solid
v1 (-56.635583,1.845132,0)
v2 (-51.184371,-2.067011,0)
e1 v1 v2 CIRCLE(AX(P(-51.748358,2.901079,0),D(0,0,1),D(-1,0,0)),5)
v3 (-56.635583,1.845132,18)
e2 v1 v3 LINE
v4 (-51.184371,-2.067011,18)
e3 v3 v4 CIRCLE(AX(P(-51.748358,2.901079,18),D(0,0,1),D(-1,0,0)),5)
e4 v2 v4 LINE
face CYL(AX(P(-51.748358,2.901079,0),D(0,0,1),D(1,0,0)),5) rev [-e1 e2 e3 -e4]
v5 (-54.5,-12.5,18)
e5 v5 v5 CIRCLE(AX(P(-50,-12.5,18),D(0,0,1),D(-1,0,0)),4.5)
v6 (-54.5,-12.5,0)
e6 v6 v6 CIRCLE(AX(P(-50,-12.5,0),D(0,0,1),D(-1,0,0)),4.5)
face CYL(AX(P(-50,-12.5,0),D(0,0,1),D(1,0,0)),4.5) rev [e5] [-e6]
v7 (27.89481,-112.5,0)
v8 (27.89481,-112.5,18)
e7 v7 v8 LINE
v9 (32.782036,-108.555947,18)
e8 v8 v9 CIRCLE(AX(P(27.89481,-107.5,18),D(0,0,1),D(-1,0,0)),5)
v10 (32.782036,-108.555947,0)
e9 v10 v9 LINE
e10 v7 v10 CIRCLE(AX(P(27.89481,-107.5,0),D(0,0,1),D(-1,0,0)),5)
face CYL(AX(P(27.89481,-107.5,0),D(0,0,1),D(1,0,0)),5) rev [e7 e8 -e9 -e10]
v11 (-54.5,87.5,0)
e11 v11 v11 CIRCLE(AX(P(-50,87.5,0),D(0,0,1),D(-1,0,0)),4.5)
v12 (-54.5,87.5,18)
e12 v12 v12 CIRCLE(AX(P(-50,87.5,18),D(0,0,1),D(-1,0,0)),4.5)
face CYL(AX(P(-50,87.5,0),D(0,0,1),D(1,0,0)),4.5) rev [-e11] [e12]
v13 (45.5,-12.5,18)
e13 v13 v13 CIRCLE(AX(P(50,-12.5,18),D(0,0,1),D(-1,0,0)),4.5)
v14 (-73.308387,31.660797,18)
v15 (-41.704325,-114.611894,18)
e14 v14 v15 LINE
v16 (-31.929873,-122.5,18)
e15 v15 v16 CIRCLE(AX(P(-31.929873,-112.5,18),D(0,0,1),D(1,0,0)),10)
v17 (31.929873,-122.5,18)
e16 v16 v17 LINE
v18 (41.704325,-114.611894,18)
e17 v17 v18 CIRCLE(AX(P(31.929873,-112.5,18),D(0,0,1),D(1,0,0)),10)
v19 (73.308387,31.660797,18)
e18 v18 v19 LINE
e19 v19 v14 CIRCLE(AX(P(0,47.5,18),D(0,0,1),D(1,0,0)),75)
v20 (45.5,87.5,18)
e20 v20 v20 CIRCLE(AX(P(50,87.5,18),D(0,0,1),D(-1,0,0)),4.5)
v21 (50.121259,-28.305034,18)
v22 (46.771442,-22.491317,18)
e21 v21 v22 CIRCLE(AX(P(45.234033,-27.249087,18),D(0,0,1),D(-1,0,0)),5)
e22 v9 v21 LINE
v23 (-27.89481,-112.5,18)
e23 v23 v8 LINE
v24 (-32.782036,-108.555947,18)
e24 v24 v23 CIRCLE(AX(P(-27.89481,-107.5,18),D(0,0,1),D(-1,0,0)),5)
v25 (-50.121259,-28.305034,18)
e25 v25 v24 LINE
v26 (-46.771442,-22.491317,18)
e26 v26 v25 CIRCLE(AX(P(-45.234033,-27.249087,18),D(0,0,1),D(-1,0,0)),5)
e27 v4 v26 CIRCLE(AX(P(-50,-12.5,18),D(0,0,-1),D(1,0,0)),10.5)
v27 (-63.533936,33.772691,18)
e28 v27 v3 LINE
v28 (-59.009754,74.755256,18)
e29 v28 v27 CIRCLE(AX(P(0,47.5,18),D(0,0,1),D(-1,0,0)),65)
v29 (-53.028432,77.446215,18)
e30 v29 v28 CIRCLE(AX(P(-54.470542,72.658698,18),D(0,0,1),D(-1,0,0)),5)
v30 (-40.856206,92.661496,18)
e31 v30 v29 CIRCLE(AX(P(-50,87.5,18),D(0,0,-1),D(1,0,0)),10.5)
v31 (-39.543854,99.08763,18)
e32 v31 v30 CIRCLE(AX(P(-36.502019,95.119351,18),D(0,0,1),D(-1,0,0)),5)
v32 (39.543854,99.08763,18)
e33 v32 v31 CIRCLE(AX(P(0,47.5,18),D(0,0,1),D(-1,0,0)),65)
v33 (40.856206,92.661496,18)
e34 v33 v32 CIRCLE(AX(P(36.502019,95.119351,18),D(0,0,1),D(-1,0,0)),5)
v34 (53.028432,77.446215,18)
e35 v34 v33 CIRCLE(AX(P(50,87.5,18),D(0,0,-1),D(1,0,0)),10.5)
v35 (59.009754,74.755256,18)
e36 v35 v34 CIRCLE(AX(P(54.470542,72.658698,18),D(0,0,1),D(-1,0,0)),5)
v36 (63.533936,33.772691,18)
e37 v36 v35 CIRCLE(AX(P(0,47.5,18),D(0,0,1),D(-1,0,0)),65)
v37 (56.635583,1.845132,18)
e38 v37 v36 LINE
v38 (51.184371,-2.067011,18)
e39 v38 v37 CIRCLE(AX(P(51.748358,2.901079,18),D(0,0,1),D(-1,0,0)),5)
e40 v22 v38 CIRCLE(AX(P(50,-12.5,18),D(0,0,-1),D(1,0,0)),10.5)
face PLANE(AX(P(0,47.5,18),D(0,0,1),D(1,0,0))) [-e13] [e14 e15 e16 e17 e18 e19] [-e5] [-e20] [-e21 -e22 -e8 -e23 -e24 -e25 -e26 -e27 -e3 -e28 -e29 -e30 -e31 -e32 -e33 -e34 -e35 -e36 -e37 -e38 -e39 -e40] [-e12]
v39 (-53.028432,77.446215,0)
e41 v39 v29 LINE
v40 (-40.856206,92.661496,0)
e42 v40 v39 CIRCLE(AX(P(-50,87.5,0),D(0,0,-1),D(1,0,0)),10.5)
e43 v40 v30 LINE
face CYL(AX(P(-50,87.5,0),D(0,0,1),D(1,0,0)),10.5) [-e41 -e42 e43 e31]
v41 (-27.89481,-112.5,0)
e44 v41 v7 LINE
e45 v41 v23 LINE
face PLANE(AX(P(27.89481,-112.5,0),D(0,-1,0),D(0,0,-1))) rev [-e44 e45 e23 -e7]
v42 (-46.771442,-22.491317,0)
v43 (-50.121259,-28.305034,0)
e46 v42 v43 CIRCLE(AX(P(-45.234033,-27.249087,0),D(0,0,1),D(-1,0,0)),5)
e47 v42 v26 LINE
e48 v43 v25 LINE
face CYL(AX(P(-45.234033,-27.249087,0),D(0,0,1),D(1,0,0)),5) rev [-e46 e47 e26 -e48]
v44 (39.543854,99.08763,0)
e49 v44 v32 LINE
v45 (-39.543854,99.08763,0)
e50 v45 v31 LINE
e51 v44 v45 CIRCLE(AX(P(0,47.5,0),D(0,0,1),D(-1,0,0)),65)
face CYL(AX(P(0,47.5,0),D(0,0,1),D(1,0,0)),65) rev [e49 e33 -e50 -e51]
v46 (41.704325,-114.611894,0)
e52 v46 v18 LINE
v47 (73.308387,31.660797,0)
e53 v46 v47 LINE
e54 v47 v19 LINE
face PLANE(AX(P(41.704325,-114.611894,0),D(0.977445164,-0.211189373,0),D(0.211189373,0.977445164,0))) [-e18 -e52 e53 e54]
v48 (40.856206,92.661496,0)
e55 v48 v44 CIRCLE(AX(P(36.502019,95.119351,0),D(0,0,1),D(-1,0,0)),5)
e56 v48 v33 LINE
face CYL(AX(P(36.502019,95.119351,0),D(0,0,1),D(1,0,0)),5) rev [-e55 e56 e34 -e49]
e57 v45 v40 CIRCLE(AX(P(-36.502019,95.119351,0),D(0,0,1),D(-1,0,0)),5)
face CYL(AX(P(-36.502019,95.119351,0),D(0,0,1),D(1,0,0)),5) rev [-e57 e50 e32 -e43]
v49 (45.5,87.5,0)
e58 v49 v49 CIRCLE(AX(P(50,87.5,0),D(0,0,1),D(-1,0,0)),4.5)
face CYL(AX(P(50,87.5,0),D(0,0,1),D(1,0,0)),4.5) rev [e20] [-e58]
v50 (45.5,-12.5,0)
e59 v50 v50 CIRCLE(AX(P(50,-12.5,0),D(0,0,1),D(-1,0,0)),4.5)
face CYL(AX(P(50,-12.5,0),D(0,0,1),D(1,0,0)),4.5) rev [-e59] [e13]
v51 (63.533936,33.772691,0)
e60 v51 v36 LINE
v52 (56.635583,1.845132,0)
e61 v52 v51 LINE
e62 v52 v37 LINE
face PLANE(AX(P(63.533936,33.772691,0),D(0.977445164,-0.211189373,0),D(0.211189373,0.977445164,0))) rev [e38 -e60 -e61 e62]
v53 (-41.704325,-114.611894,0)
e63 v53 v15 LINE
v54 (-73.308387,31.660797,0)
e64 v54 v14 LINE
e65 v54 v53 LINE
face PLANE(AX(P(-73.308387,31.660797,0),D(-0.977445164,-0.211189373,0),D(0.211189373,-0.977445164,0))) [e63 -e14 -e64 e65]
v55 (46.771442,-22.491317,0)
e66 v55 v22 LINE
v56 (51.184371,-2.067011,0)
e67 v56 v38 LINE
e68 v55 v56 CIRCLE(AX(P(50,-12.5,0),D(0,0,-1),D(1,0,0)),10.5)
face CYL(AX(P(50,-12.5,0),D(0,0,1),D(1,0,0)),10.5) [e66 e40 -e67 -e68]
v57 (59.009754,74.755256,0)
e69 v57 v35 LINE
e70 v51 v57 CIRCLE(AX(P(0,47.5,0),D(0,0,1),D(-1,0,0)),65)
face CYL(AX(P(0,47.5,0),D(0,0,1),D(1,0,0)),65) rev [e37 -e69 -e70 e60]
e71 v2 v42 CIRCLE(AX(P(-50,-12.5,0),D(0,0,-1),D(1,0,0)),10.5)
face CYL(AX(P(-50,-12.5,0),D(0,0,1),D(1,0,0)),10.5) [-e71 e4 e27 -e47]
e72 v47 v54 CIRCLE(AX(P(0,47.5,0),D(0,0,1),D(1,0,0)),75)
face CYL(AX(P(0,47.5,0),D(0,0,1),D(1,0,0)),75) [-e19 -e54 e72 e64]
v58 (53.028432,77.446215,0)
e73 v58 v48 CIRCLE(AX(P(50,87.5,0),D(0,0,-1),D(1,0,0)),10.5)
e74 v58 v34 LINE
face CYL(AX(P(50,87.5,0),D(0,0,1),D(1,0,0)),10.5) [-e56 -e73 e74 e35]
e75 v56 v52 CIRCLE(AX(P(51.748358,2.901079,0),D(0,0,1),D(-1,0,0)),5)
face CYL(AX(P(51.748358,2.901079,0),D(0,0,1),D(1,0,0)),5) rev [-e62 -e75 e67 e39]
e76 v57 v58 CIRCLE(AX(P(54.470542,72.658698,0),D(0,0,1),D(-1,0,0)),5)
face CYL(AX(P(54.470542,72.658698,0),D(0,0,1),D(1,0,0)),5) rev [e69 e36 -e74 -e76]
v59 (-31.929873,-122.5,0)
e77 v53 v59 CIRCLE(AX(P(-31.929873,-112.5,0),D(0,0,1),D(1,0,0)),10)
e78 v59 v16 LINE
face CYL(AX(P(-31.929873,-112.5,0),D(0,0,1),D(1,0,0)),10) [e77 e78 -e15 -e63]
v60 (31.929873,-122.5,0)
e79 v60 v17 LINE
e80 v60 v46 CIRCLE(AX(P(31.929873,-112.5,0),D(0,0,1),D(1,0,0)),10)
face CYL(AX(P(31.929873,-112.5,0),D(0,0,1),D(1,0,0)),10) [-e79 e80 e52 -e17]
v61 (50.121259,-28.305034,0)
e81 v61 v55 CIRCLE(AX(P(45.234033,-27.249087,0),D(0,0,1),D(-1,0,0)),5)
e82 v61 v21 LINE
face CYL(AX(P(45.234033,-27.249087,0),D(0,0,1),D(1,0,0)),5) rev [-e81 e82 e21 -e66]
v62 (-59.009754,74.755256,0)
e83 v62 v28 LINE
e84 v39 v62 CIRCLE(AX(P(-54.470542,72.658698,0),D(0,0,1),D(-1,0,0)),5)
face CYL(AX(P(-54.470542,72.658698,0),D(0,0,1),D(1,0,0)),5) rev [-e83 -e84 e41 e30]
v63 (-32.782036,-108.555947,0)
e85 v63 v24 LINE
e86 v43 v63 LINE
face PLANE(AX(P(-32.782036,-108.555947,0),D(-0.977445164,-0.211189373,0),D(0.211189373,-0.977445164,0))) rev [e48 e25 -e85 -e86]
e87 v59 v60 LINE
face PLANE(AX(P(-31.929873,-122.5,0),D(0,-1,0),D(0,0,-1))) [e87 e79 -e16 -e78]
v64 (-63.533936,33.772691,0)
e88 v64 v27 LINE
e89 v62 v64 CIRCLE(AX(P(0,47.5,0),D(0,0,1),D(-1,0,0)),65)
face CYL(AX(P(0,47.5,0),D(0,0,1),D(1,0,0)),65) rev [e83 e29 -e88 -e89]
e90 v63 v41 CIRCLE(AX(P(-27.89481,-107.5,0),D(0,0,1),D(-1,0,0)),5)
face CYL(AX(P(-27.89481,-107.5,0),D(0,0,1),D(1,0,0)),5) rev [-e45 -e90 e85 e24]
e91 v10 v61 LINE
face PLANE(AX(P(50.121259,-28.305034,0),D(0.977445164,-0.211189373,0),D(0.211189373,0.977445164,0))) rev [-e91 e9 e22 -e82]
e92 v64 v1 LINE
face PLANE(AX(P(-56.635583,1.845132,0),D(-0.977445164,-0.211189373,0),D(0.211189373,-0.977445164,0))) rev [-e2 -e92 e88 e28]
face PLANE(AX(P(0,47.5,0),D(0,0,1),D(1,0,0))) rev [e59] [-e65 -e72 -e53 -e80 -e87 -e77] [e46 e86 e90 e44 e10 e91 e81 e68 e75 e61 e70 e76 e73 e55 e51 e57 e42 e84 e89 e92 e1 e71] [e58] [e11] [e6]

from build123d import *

# Parameters (mm, degrees)
SKETCH1_R           = 4.5
BOSS_EXTRUDE1_DEPTH = 18


with BuildPart() as part:
    # Sketch1 → Boss-Extrude1 (new body)
    with BuildSketch(Plane.XY.offset(18)):
        with BuildLine():
            Line((-73.308387301, 31.660797012), (-41.704324989, -114.611893732))
            ThreePointArc((-41.704324989, -114.611893732), (-38.210043039, -120.281996444), (-31.929873349, -122.5))
            Line((-31.929873349, -122.5), (31.929873349, -122.5))
            ThreePointArc((31.929873349, -122.5), (38.210043039, -120.281996444), (41.704324989, -114.611893732))
            Line((41.704324989, -114.611893732), (73.308387301, 31.660797012))
            ThreePointArc((73.308387301, 31.660797012), (0, 122.5), (-73.308387301, 31.660797012))
        make_face()
        with Locations((-50, -12.5)):
            Circle(SKETCH1_R, mode=Mode.SUBTRACT)
        with Locations((50, 87.5)):
            Circle(SKETCH1_R, mode=Mode.SUBTRACT)
        with Locations((50, -12.5)):
            Circle(SKETCH1_R, mode=Mode.SUBTRACT)
        with Locations((-50, 87.5)):
            Circle(SKETCH1_R, mode=Mode.SUBTRACT)
        with BuildLine():
            Line((63.533935661, 33.772690744), (56.635583446, 1.845132499))
            ThreePointArc((56.635583446, 1.845132499), (54.663630533, -1.161085559), (51.184371295, -2.067010753))
            ThreePointArc((51.184371295, -2.067010753), (39.736825778, -10.282511582), (46.771441988, -22.491316888))
            ThreePointArc((46.771441988, -22.491316888), (49.566331597, -24.752851185), (50.121259231, -28.305033701))
            Line((50.121259231, -28.305033701), (32.782035843, -108.555946866))
            ThreePointArc((32.782035843, -108.555946866), (31.034894868, -111.390998222), (27.894810023, -112.5))
            Line((27.894810023, -112.5), (-27.894810023, -112.5))
            ThreePointArc((-27.894810023, -112.5), (-31.034894868, -111.390998222), (-32.782035843, -108.555946866))
            Line((-32.782035843, -108.555946866), (-50.121259231, -28.305033701))
            ThreePointArc((-50.121259231, -28.305033701), (-49.566331597, -24.752851185), (-46.771441988, -22.491316888))
            ThreePointArc((-46.771441988, -22.491316888), (-39.736825778, -10.282511582), (-51.184371295, -2.067010753))
            ThreePointArc((-51.184371295, -2.067010753), (-54.663630533, -1.161085559), (-56.635583446, 1.845132499))
            Line((-56.635583446, 1.845132499), (-63.533935661, 33.772690744))
            ThreePointArc((-63.533935661, 33.772690744), (-64.607519764, 54.632207931), (-59.0097537, 74.755255792))
            ThreePointArc((-59.0097537, 74.755255792), (-56.52196193, 77.218486659), (-53.028431594, 77.44621454))
            ThreePointArc((-53.028431594, 77.44621454), (-41.800877501, 80.940702001), (-40.856206486, 92.661495924))
            ThreePointArc((-40.856206486, 92.661495924), (-41.400905456, 96.11980725), (-39.543854024, 99.087630387))
            ThreePointArc((-39.543854024, 99.087630387), (0, 112.5), (39.543854024, 99.087630387))
            ThreePointArc((39.543854024, 99.087630387), (41.400905456, 96.11980725), (40.856206486, 92.661495924))
            ThreePointArc((40.856206486, 92.661495924), (41.800877501, 80.940702001), (53.028431594, 77.44621454))
            ThreePointArc((53.028431594, 77.44621454), (56.52196193, 77.218486659), (59.0097537, 74.755255792))
            ThreePointArc((59.0097537, 74.755255792), (64.607519764, 54.632207931), (63.533935661, 33.772690744))
        make_face(mode=Mode.SUBTRACT)
    extrude(amount=-BOSS_EXTRUDE1_DEPTH)


solid = part.part
